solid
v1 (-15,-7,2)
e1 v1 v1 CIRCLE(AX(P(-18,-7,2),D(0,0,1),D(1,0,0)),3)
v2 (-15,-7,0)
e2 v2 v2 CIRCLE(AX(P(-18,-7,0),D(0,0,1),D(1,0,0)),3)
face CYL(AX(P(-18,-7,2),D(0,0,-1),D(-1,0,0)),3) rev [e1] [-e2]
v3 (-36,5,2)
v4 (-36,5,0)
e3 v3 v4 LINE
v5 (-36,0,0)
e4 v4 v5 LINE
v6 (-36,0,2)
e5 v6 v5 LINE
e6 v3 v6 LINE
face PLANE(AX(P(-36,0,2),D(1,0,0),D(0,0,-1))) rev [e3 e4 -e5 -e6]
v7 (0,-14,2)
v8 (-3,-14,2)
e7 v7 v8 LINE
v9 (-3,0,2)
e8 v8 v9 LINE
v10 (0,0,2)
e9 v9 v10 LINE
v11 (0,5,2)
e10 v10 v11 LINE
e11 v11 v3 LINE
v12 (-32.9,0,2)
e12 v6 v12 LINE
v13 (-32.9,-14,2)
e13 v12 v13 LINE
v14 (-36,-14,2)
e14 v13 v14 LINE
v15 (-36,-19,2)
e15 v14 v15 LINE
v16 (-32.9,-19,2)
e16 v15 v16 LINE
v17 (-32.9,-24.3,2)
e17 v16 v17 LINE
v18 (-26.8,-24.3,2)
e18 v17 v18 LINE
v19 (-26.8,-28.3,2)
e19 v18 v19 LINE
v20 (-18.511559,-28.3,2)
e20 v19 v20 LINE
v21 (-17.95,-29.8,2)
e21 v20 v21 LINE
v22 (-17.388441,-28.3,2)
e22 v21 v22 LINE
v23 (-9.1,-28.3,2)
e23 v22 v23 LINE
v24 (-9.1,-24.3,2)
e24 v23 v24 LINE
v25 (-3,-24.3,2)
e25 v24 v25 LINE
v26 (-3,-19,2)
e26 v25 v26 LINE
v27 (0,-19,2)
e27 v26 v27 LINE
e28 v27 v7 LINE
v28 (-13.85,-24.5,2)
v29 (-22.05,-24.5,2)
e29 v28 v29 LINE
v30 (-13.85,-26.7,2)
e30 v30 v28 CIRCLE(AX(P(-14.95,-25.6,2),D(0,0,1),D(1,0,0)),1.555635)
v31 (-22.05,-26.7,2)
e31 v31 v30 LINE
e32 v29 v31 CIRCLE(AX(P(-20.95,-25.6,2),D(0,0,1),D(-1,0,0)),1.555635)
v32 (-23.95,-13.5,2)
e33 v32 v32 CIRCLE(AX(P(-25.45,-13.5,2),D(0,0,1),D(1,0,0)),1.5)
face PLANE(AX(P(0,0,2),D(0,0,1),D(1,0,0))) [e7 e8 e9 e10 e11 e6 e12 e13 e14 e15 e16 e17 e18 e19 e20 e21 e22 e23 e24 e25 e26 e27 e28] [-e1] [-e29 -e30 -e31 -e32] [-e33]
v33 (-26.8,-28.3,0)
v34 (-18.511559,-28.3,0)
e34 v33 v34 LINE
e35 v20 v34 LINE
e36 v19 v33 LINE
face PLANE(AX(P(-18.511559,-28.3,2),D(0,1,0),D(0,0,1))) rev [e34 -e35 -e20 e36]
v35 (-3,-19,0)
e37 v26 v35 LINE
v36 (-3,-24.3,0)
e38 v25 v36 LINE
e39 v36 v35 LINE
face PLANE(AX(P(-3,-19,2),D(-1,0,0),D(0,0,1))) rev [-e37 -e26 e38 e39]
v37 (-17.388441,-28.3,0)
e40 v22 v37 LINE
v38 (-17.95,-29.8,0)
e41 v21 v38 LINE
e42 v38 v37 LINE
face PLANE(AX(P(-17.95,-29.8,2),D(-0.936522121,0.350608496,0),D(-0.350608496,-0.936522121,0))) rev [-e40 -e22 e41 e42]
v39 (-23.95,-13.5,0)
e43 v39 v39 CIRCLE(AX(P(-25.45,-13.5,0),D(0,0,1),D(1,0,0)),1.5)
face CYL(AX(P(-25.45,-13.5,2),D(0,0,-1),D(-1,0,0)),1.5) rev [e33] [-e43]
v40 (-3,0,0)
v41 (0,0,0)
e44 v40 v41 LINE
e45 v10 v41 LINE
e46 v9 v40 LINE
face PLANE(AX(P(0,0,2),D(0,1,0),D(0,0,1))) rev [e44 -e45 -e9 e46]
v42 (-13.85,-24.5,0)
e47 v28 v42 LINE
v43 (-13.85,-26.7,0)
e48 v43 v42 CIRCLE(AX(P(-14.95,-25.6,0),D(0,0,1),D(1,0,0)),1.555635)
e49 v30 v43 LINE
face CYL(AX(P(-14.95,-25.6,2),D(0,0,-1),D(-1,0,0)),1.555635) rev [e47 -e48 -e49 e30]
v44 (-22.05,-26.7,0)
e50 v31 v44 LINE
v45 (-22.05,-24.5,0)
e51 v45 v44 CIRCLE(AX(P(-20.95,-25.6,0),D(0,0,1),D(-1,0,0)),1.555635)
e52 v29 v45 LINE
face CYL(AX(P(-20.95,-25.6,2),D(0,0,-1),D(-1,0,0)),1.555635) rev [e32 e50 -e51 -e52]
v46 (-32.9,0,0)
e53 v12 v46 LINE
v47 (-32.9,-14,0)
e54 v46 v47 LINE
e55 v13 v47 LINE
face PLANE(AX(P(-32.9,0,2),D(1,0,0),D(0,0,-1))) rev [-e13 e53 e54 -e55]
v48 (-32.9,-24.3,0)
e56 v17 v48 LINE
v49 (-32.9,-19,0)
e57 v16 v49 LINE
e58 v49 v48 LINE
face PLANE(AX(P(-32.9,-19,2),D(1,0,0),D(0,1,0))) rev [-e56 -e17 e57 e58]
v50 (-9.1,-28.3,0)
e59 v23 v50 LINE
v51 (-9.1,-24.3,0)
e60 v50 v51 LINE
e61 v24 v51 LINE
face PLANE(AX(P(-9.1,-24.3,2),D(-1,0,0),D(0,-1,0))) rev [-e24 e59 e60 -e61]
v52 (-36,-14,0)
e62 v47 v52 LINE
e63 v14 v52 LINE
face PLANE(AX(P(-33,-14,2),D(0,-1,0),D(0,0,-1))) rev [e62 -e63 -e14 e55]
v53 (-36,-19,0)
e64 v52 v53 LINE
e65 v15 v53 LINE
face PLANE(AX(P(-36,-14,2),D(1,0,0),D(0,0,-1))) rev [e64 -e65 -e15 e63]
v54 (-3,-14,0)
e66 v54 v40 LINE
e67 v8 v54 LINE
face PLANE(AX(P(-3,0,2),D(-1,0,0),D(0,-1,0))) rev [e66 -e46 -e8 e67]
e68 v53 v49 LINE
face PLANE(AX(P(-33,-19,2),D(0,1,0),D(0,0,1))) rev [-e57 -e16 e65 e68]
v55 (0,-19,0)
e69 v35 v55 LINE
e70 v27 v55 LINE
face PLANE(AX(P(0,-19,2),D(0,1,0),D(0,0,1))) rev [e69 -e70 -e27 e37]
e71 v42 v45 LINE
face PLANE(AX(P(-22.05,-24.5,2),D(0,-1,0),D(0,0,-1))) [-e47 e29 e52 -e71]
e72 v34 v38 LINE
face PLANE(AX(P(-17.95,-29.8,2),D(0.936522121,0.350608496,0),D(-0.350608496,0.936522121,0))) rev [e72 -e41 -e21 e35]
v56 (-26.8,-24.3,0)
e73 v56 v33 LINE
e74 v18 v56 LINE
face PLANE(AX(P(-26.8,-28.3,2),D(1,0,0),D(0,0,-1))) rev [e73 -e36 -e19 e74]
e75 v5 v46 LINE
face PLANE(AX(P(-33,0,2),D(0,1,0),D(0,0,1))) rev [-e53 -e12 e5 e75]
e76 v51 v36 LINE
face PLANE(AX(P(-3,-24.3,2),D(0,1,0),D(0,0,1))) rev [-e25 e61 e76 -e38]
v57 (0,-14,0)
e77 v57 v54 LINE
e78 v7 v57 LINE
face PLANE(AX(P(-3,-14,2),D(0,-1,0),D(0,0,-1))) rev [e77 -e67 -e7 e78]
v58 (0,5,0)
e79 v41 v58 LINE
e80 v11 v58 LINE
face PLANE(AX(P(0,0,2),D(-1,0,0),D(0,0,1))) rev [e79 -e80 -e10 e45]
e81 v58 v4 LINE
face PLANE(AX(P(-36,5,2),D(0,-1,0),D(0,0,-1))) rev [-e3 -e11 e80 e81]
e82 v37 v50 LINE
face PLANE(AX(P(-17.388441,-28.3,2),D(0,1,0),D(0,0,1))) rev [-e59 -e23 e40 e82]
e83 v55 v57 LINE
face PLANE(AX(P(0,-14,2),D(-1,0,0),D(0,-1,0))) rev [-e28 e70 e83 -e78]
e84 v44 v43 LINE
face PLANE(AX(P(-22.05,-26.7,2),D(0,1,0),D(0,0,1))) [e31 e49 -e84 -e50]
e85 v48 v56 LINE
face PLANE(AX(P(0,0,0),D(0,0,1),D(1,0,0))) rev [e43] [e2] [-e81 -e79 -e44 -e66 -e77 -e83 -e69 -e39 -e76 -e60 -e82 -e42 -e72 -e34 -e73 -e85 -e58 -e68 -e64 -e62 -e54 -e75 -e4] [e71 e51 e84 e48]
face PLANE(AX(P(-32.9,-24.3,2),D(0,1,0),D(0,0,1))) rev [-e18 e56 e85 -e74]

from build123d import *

# Parameters (mm, degrees)
SKETCH_1_R      = 3
SKETCH_1_R_2    = 1.5
EXTRUDE_1_DEPTH = 2


with BuildPart() as part:
    # 草图1 → 凸台-拉伸1 (new body)
    with BuildSketch(Plane.XY):
        Polygon((0, 0), (0, 5), (-3, 5), (-33, 5), (-36, 5), (-36, 0), (-33, 0), (-32.9, 0), (-32.9, -14), (-33, -14), (-36, -14), (-36, -19), (-33, -19), (-32.9, -19), (-32.9, -24.3), (-26.8, -24.3), (-26.8, -28.3), (-18.511559339, -28.3), (-17.95, -29.8), (-17.388440661, -28.3), (-9.1, -28.3), (-9.1, -24.3), (-3, -24.3), (-3, -19), (0, -19), (0, -14), (-3, -14), (-3, 0), align=None)
        with Locations((-18, -7)):
            Circle(SKETCH_1_R, mode=Mode.SUBTRACT)
        with Locations((-25.45, -13.5)):
            Circle(SKETCH_1_R_2, mode=Mode.SUBTRACT)
        with BuildLine():
            Line((-22.05, -24.5), (-13.85, -24.5))
            ThreePointArc((-13.85, -24.5), (-13.394365081, -25.6), (-13.85, -26.7))
            Line((-13.85, -26.7), (-22.05, -26.7))
            ThreePointArc((-22.05, -26.7), (-22.505634919, -25.6), (-22.05, -24.5))
        make_face(mode=Mode.SUBTRACT)
    extrude(amount=EXTRUDE_1_DEPTH)


solid = part.part
